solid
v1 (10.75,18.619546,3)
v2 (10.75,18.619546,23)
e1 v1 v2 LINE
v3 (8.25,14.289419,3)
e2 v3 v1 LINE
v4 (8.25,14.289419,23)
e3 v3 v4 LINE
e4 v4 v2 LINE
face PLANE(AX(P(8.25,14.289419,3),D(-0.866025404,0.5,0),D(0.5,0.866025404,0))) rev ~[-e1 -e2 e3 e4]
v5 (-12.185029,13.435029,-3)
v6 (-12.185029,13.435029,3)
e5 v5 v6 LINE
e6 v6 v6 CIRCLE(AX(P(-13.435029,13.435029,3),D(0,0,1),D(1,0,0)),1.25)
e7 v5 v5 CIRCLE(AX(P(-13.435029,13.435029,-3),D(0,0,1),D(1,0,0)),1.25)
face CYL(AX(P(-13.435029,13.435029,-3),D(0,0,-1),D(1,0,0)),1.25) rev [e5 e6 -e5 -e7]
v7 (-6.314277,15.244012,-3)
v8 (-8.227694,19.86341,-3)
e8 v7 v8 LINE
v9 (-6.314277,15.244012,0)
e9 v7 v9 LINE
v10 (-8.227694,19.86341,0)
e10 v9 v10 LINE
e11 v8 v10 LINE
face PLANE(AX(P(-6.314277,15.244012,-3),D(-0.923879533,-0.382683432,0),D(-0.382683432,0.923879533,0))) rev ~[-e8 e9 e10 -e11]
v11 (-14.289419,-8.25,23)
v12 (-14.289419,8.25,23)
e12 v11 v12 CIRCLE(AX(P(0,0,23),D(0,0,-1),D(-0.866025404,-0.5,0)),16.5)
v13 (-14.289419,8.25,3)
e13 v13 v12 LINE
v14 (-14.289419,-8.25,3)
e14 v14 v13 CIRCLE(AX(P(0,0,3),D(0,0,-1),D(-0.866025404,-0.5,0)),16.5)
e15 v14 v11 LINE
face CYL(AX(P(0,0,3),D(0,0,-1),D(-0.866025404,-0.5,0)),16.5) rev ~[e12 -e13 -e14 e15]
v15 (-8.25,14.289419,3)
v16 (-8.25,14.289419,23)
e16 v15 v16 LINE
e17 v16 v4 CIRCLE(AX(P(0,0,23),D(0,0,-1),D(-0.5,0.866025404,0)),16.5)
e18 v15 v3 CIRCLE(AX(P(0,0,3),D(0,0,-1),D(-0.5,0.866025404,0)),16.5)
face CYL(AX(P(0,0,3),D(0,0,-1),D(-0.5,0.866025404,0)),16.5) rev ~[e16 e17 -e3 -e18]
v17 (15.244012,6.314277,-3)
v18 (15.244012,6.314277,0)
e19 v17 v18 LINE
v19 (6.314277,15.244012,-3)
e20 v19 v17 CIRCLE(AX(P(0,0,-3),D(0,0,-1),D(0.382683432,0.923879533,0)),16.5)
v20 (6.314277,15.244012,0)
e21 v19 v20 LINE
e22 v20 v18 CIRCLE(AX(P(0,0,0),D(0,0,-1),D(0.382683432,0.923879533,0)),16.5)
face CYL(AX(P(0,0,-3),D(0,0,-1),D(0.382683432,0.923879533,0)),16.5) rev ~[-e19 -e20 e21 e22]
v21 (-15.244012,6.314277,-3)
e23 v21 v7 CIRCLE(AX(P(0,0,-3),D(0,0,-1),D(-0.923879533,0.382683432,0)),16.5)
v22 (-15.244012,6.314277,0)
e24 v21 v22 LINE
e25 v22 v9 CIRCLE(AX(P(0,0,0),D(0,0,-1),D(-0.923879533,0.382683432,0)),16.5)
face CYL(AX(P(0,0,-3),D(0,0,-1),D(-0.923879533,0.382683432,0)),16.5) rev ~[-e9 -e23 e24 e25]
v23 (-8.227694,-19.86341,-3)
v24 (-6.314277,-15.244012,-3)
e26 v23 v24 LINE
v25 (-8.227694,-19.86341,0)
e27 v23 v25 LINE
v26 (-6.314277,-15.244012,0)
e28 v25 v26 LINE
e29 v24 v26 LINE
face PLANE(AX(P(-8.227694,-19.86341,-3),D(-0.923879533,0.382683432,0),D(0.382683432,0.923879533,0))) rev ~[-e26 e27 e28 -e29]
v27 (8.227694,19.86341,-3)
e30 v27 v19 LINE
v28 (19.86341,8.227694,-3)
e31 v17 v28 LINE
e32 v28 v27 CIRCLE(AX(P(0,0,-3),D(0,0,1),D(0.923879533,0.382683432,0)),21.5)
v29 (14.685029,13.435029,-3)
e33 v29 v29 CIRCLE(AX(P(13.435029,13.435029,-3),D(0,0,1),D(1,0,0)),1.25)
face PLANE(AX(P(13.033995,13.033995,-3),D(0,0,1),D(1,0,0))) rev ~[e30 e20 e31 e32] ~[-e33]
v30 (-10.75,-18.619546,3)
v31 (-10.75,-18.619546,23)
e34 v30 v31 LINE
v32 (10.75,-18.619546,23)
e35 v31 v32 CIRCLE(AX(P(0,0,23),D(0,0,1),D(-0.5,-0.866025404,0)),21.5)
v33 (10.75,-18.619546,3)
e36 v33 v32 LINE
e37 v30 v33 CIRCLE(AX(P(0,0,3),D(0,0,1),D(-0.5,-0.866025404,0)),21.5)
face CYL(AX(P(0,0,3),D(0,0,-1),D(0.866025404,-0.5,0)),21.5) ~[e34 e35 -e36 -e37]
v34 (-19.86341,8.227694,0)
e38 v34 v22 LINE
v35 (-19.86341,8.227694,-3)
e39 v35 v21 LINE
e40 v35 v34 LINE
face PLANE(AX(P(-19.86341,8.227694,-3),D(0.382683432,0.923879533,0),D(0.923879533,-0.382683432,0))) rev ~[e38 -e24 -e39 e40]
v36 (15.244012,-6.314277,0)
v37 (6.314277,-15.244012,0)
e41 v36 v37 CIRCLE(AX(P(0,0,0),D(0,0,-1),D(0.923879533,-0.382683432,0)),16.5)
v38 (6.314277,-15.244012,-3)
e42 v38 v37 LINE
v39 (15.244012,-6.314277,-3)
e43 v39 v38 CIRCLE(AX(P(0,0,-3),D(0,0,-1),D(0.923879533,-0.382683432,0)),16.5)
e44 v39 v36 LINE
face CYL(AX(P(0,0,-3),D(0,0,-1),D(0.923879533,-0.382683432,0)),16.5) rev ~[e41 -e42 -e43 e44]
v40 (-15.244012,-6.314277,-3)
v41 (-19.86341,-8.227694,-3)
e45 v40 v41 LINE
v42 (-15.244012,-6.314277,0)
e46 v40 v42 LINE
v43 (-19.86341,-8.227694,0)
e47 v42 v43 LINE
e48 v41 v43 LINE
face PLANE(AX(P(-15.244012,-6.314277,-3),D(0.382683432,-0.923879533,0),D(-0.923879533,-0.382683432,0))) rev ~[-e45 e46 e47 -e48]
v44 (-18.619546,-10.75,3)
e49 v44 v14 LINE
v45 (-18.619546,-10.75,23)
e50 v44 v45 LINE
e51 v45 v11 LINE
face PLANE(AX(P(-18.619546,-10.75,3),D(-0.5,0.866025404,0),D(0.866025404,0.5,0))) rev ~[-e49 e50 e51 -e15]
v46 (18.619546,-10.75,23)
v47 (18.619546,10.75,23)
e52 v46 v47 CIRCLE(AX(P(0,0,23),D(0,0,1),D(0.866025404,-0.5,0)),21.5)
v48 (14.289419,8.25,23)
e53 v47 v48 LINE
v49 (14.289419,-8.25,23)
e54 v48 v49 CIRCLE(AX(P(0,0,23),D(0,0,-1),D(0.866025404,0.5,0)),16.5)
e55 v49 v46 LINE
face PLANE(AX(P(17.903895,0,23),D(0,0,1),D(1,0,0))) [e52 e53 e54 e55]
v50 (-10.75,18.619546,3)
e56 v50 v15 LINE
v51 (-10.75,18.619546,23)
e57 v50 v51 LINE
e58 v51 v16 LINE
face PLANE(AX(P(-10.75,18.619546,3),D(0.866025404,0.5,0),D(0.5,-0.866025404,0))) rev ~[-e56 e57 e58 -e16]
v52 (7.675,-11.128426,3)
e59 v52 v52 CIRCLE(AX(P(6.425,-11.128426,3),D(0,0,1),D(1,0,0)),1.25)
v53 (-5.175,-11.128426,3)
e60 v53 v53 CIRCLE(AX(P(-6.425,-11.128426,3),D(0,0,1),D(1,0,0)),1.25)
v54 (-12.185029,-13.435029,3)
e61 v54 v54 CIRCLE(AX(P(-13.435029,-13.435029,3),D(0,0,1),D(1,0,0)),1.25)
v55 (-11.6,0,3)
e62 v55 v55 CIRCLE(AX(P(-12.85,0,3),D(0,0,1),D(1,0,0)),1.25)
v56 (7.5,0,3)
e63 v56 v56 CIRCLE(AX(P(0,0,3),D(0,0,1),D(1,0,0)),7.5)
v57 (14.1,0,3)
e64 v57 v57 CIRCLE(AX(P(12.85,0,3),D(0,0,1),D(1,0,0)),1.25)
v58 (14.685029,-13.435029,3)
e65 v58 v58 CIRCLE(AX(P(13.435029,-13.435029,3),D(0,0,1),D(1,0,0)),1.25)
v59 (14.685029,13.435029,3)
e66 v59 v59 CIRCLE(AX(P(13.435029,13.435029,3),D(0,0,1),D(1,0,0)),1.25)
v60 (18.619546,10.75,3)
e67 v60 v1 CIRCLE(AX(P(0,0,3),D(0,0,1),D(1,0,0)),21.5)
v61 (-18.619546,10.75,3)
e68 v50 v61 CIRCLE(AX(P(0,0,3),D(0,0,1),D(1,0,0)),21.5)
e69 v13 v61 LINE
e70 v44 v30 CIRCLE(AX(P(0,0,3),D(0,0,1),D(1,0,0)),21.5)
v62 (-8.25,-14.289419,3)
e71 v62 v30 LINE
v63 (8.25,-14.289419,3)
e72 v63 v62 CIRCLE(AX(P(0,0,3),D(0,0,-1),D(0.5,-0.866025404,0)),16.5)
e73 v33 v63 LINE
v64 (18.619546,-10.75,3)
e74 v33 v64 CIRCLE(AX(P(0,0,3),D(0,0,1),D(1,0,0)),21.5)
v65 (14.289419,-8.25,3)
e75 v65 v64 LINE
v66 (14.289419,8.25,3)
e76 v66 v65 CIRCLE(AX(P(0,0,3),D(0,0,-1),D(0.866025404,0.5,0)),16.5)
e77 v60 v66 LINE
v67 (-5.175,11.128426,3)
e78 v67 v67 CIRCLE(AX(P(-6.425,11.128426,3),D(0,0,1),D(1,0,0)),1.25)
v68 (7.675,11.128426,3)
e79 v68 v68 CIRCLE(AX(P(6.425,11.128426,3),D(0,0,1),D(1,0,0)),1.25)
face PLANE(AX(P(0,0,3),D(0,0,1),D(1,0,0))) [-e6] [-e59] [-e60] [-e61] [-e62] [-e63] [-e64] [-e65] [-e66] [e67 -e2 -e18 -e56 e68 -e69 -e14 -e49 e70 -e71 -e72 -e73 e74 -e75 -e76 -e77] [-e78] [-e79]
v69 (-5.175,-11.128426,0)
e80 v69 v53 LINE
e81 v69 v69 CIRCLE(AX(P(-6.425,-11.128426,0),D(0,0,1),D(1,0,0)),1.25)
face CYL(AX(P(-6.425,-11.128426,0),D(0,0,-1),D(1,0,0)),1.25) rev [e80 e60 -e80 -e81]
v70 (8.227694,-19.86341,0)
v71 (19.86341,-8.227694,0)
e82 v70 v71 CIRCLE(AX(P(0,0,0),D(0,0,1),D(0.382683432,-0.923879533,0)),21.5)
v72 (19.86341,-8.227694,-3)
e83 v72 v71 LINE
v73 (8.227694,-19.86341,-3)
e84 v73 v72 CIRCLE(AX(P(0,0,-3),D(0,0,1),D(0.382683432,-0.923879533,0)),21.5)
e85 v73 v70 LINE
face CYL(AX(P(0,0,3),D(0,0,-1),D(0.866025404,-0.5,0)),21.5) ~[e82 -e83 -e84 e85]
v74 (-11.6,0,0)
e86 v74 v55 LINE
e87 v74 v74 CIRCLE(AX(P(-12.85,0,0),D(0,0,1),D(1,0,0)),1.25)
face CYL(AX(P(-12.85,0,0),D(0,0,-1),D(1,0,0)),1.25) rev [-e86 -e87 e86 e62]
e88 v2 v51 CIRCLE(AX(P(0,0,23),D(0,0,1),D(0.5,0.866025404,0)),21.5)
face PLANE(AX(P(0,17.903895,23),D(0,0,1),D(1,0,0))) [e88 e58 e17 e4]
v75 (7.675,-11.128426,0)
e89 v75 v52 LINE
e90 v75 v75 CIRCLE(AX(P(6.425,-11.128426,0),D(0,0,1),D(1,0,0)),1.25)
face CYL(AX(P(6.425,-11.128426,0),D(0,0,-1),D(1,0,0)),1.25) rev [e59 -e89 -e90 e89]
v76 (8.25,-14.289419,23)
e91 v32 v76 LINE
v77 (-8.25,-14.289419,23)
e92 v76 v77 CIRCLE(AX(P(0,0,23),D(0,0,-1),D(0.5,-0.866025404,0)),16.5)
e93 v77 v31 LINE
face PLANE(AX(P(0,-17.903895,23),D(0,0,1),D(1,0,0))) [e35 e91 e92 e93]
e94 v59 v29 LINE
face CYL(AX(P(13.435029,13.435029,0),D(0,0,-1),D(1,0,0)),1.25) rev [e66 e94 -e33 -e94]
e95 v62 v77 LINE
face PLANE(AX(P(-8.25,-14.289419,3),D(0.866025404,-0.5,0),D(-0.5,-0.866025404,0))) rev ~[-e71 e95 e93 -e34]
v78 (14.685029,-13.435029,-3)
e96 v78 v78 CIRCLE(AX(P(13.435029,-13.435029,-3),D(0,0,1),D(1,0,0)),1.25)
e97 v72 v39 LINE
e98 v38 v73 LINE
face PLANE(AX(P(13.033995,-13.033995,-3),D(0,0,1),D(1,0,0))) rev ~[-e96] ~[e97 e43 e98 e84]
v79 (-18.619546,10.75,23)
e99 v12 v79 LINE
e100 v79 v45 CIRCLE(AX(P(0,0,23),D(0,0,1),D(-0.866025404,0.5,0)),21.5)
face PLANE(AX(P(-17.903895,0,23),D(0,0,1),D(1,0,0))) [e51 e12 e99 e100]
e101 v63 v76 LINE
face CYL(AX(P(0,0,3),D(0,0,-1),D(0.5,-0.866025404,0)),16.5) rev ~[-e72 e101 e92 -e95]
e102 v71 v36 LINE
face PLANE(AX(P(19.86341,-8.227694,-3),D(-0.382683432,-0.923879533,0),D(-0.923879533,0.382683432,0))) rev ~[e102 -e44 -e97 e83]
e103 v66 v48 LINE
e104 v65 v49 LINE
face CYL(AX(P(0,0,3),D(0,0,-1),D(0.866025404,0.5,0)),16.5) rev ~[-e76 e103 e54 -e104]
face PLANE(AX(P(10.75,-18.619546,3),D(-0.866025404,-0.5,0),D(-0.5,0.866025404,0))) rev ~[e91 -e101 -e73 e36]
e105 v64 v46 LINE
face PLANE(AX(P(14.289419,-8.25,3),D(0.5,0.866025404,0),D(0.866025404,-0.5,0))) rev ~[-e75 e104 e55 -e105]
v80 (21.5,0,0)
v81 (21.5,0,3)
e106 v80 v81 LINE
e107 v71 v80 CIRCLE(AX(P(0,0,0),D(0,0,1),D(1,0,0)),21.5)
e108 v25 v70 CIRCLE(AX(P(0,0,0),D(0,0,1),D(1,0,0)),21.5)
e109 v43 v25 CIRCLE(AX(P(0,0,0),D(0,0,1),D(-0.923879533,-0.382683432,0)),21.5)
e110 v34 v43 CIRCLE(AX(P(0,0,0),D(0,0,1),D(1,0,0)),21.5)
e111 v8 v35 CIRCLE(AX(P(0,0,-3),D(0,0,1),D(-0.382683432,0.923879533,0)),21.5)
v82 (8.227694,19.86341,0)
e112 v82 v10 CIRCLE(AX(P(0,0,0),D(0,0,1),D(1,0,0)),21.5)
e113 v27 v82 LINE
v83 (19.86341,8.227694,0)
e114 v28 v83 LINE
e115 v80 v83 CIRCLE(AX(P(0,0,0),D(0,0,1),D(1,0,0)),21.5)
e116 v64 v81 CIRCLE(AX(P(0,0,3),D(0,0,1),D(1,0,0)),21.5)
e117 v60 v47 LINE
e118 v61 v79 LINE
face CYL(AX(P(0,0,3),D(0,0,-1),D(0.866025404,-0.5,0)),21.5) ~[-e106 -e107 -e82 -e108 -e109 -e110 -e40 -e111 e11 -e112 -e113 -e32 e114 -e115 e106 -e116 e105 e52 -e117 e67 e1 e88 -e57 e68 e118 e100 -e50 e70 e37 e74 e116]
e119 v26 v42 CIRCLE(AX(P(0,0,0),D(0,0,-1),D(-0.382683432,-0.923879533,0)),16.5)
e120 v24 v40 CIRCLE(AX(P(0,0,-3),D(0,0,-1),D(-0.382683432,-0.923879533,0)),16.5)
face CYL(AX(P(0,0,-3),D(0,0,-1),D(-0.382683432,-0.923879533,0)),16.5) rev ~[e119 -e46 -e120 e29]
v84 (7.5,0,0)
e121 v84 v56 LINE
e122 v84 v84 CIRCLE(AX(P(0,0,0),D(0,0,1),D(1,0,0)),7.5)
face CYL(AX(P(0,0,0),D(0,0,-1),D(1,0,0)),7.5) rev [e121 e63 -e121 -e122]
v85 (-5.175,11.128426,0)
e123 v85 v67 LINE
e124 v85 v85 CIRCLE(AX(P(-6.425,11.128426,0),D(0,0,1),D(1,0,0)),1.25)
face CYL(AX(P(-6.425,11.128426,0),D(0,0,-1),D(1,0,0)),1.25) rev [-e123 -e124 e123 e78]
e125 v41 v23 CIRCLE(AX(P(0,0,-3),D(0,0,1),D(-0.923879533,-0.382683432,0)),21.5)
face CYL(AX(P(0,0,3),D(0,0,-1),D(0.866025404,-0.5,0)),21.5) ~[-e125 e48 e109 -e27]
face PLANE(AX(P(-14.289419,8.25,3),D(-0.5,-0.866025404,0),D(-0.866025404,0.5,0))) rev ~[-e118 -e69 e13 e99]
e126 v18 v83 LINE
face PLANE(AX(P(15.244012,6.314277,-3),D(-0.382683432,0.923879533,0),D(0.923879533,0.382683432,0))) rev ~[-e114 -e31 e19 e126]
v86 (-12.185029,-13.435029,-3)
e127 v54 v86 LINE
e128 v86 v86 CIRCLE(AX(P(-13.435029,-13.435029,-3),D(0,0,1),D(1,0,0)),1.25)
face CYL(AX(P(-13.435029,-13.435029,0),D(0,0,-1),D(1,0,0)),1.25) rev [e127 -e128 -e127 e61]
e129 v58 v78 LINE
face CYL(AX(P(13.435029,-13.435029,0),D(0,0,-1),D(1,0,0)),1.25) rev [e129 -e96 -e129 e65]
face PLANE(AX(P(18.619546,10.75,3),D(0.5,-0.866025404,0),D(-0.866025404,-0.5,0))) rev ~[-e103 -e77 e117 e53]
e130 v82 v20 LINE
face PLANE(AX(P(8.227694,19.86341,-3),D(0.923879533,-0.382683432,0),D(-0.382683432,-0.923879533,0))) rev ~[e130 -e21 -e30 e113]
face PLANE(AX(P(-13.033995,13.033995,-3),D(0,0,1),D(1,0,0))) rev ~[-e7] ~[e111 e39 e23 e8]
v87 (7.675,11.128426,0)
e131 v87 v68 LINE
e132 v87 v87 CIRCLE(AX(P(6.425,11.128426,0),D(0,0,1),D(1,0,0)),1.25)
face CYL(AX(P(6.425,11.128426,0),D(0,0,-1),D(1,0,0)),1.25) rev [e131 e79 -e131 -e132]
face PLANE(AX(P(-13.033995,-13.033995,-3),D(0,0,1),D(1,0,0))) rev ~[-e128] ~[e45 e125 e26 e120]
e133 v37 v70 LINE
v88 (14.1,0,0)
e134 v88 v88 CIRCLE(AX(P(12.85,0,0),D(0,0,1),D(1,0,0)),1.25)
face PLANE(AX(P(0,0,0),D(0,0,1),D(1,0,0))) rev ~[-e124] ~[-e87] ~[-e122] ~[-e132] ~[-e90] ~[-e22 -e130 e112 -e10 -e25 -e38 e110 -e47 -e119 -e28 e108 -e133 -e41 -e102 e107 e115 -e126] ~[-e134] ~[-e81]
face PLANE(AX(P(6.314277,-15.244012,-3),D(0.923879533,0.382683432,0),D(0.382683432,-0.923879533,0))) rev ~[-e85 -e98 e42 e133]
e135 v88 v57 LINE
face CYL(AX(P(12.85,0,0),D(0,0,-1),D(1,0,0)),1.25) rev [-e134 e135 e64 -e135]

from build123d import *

# Parameters (mm, degrees)
SKETCH1_R           = 21.5
SKETCH1_R_2         = 1.25
SKETCH1_R_3         = 7.5
BOSS_EXTRUDE1_DEPTH = 3
BOSS_EXTRUDE2_START = -3
SKETCH1_3_R         = 1.25
BOSS_EXTRUDE2_DEPTH = 3
BOSS_EXTRUDE6_DEPTH = 20


with BuildPart() as part:
    # Sketch1 → Boss-Extrude1 (new body)
    with BuildSketch(Plane.XY):
        Circle(SKETCH1_R)
        with Locations((-13.435028843, 13.435028843)):
            Circle(SKETCH1_R_2, mode=Mode.SUBTRACT)
        with Locations((-6.425, -11.128426439)):
            Circle(SKETCH1_R_2, mode=Mode.SUBTRACT)
        with Locations((6.425, -11.128426439)):
            Circle(SKETCH1_R_2, mode=Mode.SUBTRACT)
        with Locations((-12.85, 0)):
            Circle(SKETCH1_R_2, mode=Mode.SUBTRACT)
        with Locations((-6.425, 11.128426439)):
            Circle(SKETCH1_R_2, mode=Mode.SUBTRACT)
        Circle(SKETCH1_R_3, mode=Mode.SUBTRACT)
        with Locations((12.85, 0)):
            Circle(SKETCH1_R_2, mode=Mode.SUBTRACT)
        with Locations((6.425, 11.128426439)):
            Circle(SKETCH1_R_2, mode=Mode.SUBTRACT)
        with Locations((13.435028843, 13.435028843)):
            Circle(SKETCH1_R_2, mode=Mode.SUBTRACT)
        with Locations((13.435028843, -13.435028843)):
            Circle(SKETCH1_R_2, mode=Mode.SUBTRACT)
        with Locations((-13.435028843, -13.435028843)):
            Circle(SKETCH1_R_2, mode=Mode.SUBTRACT)
    extrude(amount=BOSS_EXTRUDE1_DEPTH)

    # Sketch1<3> → Boss-Extrude2 (add)
    # profile 1 of 4: a face of its own
    with BuildSketch(Plane.XY.offset(BOSS_EXTRUDE2_START)):
        with BuildLine():
            ThreePointArc((-15.244012286, 6.314276634), (-11.66726189, 11.66726189), (-6.314276634, 15.244012286))
            Line((-6.314276634, 15.244012286), (-8.227693796, 19.863409949))
            ThreePointArc((-8.227693796, 19.863409949), (-15.202795796, 15.202795796), (-19.863409949, 8.227693796))
            Line((-19.863409949, 8.227693796), (-15.244012286, 6.314276634))
        make_face()
        with Locations((-13.435028843, 13.435028843)):
            Circle(SKETCH1_3_R, mode=Mode.SUBTRACT)
    # profile 2 of 4: a face of its own
    with BuildSketch(Plane.XY.offset(BOSS_EXTRUDE2_START)):
        with BuildLine():
            ThreePointArc((19.863409949, 8.227693796), (15.202795796, 15.202795796), (8.227693796, 19.863409949))
            Line((8.227693796, 19.863409949), (6.314276634, 15.244012286))
            ThreePointArc((6.314276634, 15.244012286), (11.66726189, 11.66726189), (15.244012286, 6.314276634))
            Line((15.244012286, 6.314276634), (19.863409949, 8.227693796))
        make_face()
        with Locations((13.435028843, 13.435028843)):
            Circle(SKETCH1_3_R, mode=Mode.SUBTRACT)
    # profile 3 of 4: a face of its own
    with BuildSketch(Plane.XY.offset(BOSS_EXTRUDE2_START)):
        with BuildLine():
            ThreePointArc((-6.314276634, -15.244012286), (-11.66726189, -11.66726189), (-15.244012286, -6.314276634))
            Line((-15.244012286, -6.314276634), (-19.863409949, -8.227693796))
            ThreePointArc((-19.863409949, -8.227693796), (-15.202795796, -15.202795796), (-8.227693796, -19.863409949))
            Line((-8.227693796, -19.863409949), (-6.314276634, -15.244012286))
        make_face()
        with Locations((-13.435028843, -13.435028843)):
            Circle(SKETCH1_3_R, mode=Mode.SUBTRACT)
    # profile 4 of 4: a face of its own
    with BuildSketch(Plane.XY.offset(BOSS_EXTRUDE2_START)):
        with BuildLine():
            ThreePointArc((15.244012286, -6.314276634), (11.66726189, -11.66726189), (6.314276634, -15.244012286))
            Line((6.314276634, -15.244012286), (8.227693796, -19.863409949))
            ThreePointArc((8.227693796, -19.863409949), (15.202795796, -15.202795796), (19.863409949, -8.227693796))
            Line((19.863409949, -8.227693796), (15.244012286, -6.314276634))
        make_face()
        with Locations((13.435028843, -13.435028843)):
            Circle(SKETCH1_3_R, mode=Mode.SUBTRACT)
    extrude(amount=BOSS_EXTRUDE2_DEPTH)

    # Sketch7 → Boss-Extrude6 (add)
    with BuildSketch(Plane.XY.offset(3)):
        with BuildLine():
            ThreePointArc((-14.289419162, -8.25), (-16.5, 0), (-14.289419162, 8.25))
            Line((-14.289419162, 8.25), (-18.619546181, 10.75))
            ThreePointArc((-18.619546181, 10.75), (-21.5, 0), (-18.619546181, -10.75))
            Line((-18.619546181, -10.75), (-14.289419162, -8.25))
        make_face()
        with BuildLine():
            ThreePointArc((10.75, 18.619546181), (0, 21.5), (-10.75, 18.619546181))
            Line((-10.75, 18.619546181), (-8.25, 14.289419162))
            ThreePointArc((-8.25, 14.289419162), (0, 16.5), (8.25, 14.289419162))
            Line((8.25, 14.289419162), (10.75, 18.619546181))
        make_face()
        with BuildLine():
            Line((-8.25, -14.289419162), (-10.75, -18.619546181))
            ThreePointArc((-10.75, -18.619546181), (0, -21.5), (10.75, -18.619546181))
            Line((10.75, -18.619546181), (8.25, -14.289419162))
            ThreePointArc((8.25, -14.289419162), (0, -16.5), (-8.25, -14.289419162))
        make_face()
        with BuildLine():
            ThreePointArc((18.619546181, -10.75), (21.5, 0), (18.619546181, 10.75))
            Line((18.619546181, 10.75), (14.289419162, 8.25))
            ThreePointArc((14.289419162, 8.25), (16.5, 0), (14.289419162, -8.25))
            Line((14.289419162, -8.25), (18.619546181, -10.75))
        make_face()
    extrude(amount=BOSS_EXTRUDE6_DEPTH)


solid = part.part
